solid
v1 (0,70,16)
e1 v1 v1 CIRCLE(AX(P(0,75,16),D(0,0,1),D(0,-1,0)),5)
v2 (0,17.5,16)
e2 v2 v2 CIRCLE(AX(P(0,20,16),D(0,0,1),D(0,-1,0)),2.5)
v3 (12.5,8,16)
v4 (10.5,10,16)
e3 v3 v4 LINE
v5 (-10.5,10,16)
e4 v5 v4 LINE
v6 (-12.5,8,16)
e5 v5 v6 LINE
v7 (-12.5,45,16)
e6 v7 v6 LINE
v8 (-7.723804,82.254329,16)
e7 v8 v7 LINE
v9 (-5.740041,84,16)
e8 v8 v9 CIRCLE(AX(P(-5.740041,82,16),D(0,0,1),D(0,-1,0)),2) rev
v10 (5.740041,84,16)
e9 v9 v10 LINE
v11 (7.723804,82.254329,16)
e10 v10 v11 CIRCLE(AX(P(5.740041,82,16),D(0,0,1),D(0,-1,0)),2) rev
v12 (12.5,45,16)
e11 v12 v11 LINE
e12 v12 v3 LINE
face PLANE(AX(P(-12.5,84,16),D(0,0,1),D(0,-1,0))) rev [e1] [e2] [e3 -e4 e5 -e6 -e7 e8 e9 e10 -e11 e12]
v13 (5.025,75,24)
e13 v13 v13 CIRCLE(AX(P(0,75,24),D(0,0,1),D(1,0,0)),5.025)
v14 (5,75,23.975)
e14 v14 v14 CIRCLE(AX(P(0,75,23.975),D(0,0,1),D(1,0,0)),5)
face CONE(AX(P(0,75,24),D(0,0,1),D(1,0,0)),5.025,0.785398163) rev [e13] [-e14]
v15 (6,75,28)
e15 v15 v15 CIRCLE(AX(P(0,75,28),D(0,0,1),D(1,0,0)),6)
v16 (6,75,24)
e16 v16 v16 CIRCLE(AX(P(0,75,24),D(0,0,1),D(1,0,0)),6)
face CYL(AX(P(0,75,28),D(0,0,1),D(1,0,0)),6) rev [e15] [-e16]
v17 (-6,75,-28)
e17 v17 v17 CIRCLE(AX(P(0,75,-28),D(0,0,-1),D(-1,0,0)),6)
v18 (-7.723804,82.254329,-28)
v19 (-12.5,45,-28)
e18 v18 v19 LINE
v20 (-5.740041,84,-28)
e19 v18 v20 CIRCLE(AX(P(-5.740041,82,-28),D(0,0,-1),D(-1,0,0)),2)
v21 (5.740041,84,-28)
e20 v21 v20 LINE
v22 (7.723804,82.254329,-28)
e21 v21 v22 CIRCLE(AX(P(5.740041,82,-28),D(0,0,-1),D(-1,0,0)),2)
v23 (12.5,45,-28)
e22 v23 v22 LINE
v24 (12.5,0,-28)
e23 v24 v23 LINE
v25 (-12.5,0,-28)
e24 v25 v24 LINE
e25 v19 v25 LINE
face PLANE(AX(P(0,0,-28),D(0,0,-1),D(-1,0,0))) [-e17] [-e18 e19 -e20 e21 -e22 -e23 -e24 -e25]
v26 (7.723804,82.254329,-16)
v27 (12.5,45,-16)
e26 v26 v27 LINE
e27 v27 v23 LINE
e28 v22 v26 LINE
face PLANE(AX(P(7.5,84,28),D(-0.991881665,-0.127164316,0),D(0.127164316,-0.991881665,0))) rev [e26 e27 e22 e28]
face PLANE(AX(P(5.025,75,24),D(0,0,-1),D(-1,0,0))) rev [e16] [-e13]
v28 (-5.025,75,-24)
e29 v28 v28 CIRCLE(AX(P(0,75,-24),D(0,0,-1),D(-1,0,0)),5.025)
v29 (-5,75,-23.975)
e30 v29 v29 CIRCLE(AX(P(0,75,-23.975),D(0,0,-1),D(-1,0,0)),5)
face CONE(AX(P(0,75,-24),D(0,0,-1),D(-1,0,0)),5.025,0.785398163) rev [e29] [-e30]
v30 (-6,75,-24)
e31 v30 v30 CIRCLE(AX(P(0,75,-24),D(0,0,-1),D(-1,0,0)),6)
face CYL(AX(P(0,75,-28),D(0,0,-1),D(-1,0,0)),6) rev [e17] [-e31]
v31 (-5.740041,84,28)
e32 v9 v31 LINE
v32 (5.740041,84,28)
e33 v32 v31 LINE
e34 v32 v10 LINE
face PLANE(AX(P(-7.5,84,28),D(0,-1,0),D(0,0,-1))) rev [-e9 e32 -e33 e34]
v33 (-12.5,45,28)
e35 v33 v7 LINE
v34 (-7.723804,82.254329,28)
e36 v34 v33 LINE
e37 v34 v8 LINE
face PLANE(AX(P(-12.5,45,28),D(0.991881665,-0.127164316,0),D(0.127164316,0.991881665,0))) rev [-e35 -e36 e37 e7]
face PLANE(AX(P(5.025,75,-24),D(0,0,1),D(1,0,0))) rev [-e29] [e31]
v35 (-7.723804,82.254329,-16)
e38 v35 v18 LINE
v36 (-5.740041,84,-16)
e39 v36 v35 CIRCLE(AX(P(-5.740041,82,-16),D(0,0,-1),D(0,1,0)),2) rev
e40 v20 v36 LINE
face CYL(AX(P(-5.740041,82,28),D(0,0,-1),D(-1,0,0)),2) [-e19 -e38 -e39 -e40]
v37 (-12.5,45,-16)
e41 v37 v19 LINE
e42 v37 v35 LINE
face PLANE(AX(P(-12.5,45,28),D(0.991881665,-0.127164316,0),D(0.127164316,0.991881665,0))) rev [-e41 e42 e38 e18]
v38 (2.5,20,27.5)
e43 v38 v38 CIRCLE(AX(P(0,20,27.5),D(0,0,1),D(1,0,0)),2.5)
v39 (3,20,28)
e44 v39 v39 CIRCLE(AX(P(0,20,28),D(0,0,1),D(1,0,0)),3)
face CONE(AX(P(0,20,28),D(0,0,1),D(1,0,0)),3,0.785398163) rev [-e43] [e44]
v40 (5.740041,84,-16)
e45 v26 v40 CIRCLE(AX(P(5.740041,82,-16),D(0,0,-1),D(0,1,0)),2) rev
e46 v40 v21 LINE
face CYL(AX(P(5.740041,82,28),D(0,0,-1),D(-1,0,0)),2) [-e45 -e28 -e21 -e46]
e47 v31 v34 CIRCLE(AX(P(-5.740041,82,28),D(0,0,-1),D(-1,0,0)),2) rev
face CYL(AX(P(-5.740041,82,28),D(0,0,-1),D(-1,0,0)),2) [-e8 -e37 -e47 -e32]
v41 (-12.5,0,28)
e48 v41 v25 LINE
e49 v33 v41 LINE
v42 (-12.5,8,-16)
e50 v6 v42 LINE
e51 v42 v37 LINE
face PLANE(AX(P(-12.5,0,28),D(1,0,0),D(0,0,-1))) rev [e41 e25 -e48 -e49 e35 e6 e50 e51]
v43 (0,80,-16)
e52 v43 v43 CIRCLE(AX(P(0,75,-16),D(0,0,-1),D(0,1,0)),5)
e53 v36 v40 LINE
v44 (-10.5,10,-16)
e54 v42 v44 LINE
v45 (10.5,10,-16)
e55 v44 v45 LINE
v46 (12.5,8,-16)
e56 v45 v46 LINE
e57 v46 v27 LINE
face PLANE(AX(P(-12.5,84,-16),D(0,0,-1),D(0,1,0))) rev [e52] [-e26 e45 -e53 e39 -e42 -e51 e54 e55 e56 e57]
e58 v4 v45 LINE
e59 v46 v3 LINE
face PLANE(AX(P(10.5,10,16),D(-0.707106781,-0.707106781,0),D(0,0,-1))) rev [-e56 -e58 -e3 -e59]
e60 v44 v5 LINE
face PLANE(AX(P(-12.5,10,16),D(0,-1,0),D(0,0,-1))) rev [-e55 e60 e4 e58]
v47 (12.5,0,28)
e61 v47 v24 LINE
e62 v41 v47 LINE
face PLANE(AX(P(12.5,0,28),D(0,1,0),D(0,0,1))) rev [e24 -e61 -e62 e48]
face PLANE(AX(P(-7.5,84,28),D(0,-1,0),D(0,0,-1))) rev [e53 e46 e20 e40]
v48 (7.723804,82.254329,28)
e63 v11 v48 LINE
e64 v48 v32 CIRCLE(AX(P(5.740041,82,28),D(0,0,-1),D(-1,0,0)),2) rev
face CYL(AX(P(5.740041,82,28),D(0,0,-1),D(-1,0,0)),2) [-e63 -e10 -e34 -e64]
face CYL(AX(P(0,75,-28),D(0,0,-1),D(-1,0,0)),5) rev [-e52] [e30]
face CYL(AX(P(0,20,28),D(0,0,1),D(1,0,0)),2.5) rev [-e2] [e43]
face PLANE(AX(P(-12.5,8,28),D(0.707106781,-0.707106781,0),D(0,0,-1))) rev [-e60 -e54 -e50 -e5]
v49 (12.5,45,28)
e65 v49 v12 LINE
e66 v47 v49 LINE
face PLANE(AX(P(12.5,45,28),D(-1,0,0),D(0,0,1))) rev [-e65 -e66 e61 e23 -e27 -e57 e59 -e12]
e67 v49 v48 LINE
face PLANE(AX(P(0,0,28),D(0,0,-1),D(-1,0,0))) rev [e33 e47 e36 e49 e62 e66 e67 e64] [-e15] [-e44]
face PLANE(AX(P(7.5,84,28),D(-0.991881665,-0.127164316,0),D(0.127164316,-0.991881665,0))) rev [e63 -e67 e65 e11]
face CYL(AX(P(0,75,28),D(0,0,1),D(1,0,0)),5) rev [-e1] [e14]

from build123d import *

# Parameters (mm, degrees)
BOSS_EXTRUDE3_DEPTH         = 28
SKETCH4_W                   = 32
SKETCH4_H                   = 74
CUT_EXTRUDE2_DEPTH          = 26
M6_TAPPED_HOLE1_D           = 5
M6_TAPPED_HOLE1_DEPTH       = 27
M6_TAPPED_HOLE1_CSINK_D     = 6
M6_TAPPED_HOLE1_CSINK_ANGLE = 90
M6_TAPPED_HOLE1_TIP         = 1.502151548
CHAMFER1_SIZE               = 2
FILLET2_R                   = 2


with BuildPart() as part:
    # Sketch3 → Boss-Extrude3 (new body, symmetric)
    with BuildSketch(Plane.XY):
        Polygon((12.5, 0), (-12.5, 0), (-12.5, 45), (-7.5, 84), (7.5, 84), (12.5, 45), align=None)
    extrude(amount=BOSS_EXTRUDE3_DEPTH, both=True)

    # Sketch4 → Cut-Extrude2 (cut, through all)
    with BuildSketch(Plane(origin=(12.5, 0, 0), x_dir=(0, 0, -1), z_dir=(1, 0, 0))):
        with Locations((0, 47)):
            Rectangle(SKETCH4_W, SKETCH4_H)
    extrude(amount=-CUT_EXTRUDE2_DEPTH, mode=Mode.SUBTRACT)

    # Sketch7 → CBORE for M4 Hex Socket Head Cap Screw1 (revolve, cut)
    with BuildSketch(Plane(origin=(0, 75, 28), x_dir=(0, -1, 0), z_dir=(1, 0, 0))):
        Polygon((0, 0), (0, 23.004303095), (5, 20), (5, 4.025), (5.025, 4), (6, 4), (6, 0), align=None)
    cbore_for_m4_hex_socket_head_cap_screw1 = revolve(axis=Axis((0, 75, 34.35), (0, 0, -1)), mode=Mode.SUBTRACT)

    # Mirror1: CBORE for M4 Hex Socket Head Cap Screw1 across plane
    add(cbore_for_m4_hex_socket_head_cap_screw1.mirror(Plane.XY), mode=Mode.SUBTRACT)

    # M6 Tapped Hole1
    with Locations(Plane.XY.offset(28)):
        with Locations((0, 20)):
            CounterSinkHole(M6_TAPPED_HOLE1_D / 2, M6_TAPPED_HOLE1_CSINK_D / 2, depth=M6_TAPPED_HOLE1_DEPTH, counter_sink_angle=M6_TAPPED_HOLE1_CSINK_ANGLE)
            with Locations((0, 0, -(M6_TAPPED_HOLE1_DEPTH + M6_TAPPED_HOLE1_TIP / 2))):  # 118° drill point
                Cone(0, M6_TAPPED_HOLE1_D / 2, M6_TAPPED_HOLE1_TIP, mode=Mode.SUBTRACT)

    # Chamfer1
    chamfer1_edges = [part.edges().sort_by_distance(p)[0] for p in [
        (12.5, 10, 0),
        (-12.5, 10, 0),
    ]]
    chamfer(chamfer1_edges, length=CHAMFER1_SIZE)

    # Fillet2
    fillet2_edges = [part.edges().sort_by_distance(p)[0] for p in [
        (-7.5, 84, 22),
        (7.5, 84, 22),
        (-7.5, 84, -22),
        (7.5, 84, -22),
    ]]
    fillet(fillet2_edges, radius=FILLET2_R)


solid = part.part
